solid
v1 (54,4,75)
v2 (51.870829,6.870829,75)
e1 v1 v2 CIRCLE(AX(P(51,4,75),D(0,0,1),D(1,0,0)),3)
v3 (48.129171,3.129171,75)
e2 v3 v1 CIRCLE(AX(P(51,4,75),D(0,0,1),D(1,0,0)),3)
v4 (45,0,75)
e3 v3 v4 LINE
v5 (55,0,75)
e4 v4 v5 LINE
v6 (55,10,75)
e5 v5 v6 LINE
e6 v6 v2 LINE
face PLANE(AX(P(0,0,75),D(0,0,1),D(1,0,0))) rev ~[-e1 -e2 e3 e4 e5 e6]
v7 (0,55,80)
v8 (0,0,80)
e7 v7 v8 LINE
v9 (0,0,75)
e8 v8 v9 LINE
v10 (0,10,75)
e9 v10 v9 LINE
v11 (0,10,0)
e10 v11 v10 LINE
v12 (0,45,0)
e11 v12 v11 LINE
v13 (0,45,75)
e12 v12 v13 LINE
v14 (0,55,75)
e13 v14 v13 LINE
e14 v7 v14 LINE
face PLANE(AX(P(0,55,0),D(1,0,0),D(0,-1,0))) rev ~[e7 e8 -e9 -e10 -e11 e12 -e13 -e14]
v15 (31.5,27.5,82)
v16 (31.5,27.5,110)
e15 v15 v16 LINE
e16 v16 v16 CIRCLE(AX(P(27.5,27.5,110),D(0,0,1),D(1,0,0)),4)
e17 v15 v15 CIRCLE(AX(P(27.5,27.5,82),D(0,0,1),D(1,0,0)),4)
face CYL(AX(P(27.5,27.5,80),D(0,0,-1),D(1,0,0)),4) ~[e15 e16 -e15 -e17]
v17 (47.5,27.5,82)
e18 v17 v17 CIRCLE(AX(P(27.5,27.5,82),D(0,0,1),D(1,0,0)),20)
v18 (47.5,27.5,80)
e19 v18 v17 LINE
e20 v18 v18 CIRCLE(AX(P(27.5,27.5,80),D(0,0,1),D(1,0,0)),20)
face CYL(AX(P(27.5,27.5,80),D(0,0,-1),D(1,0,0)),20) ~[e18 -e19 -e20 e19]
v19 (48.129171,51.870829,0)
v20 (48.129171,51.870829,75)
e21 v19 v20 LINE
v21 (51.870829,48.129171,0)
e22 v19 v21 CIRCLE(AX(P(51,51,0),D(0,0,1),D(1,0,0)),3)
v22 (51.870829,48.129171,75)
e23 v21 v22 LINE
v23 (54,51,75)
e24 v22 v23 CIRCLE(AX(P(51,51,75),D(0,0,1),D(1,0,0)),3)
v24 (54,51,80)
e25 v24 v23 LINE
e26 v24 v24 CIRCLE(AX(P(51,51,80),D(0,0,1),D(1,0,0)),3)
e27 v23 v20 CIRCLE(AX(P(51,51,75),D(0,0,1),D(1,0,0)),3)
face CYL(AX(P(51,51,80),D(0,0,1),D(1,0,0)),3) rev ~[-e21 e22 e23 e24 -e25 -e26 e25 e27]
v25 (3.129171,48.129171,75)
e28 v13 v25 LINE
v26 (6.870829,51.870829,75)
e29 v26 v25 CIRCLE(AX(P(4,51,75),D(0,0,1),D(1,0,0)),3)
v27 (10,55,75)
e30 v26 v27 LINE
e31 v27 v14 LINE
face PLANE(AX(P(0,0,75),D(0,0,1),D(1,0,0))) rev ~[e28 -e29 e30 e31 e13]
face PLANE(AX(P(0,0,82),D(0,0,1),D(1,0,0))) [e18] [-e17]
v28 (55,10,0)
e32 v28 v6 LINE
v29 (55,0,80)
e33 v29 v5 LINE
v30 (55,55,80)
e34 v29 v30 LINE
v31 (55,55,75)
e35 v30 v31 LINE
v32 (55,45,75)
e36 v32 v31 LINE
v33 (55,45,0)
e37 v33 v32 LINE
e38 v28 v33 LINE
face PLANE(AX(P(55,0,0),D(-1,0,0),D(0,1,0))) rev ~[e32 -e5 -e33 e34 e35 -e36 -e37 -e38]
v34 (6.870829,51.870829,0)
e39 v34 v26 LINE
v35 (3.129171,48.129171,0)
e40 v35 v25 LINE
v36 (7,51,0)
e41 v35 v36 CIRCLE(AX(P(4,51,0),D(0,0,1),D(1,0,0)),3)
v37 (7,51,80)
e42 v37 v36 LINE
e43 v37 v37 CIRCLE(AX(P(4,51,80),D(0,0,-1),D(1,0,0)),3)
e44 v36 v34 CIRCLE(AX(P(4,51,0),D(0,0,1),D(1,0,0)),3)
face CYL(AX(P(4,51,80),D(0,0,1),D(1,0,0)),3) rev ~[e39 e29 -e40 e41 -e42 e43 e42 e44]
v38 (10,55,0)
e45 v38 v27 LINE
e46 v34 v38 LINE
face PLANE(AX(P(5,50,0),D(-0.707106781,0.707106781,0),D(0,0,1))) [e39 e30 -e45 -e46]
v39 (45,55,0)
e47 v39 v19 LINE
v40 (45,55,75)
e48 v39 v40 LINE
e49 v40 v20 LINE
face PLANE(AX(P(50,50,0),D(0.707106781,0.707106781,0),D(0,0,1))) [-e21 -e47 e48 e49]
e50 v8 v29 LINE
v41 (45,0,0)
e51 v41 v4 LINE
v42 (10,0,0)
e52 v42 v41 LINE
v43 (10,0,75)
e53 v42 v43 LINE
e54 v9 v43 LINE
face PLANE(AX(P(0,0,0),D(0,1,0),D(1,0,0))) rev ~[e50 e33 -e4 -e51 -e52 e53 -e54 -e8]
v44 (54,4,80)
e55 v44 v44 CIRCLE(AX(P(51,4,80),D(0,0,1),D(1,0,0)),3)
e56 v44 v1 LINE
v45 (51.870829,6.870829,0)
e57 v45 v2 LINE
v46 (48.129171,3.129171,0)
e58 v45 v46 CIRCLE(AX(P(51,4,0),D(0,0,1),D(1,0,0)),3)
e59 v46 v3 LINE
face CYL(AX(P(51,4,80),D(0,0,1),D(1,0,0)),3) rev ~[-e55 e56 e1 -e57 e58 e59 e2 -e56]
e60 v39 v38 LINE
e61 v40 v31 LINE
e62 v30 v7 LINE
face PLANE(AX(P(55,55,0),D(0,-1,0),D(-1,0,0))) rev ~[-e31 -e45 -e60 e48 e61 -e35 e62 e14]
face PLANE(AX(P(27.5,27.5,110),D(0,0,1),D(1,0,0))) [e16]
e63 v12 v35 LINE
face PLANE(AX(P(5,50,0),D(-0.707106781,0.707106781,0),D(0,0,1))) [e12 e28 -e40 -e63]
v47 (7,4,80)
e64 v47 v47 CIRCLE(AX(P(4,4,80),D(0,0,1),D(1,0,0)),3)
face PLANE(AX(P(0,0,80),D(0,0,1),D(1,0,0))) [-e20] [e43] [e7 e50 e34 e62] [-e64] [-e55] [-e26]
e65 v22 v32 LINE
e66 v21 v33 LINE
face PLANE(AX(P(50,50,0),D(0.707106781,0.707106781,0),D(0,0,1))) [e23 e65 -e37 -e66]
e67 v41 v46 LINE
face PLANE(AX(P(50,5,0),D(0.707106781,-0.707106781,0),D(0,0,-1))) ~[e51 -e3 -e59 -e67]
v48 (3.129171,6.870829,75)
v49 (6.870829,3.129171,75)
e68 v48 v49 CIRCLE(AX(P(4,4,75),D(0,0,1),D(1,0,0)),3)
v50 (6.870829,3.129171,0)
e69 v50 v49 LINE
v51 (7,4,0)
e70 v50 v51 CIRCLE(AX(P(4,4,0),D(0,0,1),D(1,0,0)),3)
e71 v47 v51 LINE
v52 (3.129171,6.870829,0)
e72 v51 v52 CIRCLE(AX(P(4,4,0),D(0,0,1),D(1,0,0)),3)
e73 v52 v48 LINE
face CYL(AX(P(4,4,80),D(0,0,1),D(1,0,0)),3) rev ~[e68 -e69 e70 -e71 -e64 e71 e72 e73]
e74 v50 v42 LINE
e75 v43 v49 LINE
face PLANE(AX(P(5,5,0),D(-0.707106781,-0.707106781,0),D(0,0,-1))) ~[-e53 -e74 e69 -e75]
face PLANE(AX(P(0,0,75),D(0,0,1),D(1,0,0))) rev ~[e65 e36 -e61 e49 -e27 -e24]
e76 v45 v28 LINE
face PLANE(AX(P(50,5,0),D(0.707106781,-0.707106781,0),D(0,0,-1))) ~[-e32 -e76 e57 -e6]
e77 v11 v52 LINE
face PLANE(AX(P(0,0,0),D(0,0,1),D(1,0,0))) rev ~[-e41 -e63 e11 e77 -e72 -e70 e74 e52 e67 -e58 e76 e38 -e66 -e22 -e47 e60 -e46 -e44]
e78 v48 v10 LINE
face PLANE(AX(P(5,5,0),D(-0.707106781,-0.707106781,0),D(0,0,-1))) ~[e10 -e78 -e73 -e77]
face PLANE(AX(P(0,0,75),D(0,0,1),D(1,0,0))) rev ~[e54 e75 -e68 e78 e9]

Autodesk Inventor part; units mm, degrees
ref_plane "YZ Plane" through (0, 0, 0) normal (1, 0, 0) x (0, 1, 0)
ref_plane "XZ Plane" through (0, 0, 0) normal (0, 1, 0) x (-1, 0, 0)
ref_plane "XY Plane" through (0, 0, 0) normal (0, 0, 1) x (1, 0, 0)
sketch "Sketch1" plane through (0, 0, 0) normal (0, 0, 1) x (1, 0, 0)
  line L0 (0, 0) -> (55, 0)
  line L1 (55, 0) -> (55, 55)
  line L2 (55, 55) -> (0, 55)
  line L3 (0, 55) -> (0, 0)
  dimension "d0" = 55
  dimension "d1" = 55
extrude "Extrusion1" add sketch "Sketch1" along normal blind 80
sketch "Sketch2" plane through (0, 0, 80) normal (0, 0, 1) x (1, 0, 0)
  line L0 (55, 0) -> (55, 55) projected
  line L1 (55, 55) -> (0, 55) projected
  line L2 (0, 55) -> (0, 0) projected
  line L3 (0, 0) -> (55, 0) projected
  circle A0 centre (27.5, 27.5) radius 20
  circle A1 centre (27.5, 27.5) radius 4
  dimension "d7" = 27.5
  dimension "d8" = 27.5
  dimension "d9" = 40
  dimension "d10" = 8
extrude "Extrusion2" add sketch "Sketch2" along normal blind 2 contours A0
sketch "Sketch3" plane through (27.5, 27.5, 80) normal (0, 0, 1) x (1, 0, 0)
  circle A0 centre (0, 0) radius 4 projected
  point P0 (-27.5, -27.5)
extrude "Extrusion3" add sketch "Sketch3" along normal blind 30
chamfer "Chamfer1" distance 10 angle 45 4 edges at (0, 55, 40) (0, 0, 40) (55, 0, 40) (55, 55, 40)
sketch "Sketch4" plane through (0, 0, 80) normal (0, 0, 1) x (1, 0, 0)
  line L0 (45, 55) -> (55, 45) projected
  line L1 (45, 55) -> (10, 55) projected
  line L2 (0, 45) -> (10, 55) projected
  line L3 (0, 45) -> (0, 10) projected
  line L4 (10, 0) -> (0, 10) projected
  line L5 (10, 0) -> (45, 0) projected
  line L6 (55, 10) -> (45, 0) projected
  line L7 (55, 10) -> (55, 45) projected
  circle A0 centre (27.5, 27.5) radius 20 projected
  line L8 (10, 55) -> (0, 55)
  line L9 (0, 55) -> (0, 45)
  line L10 (0, 10) -> (0, 0)
  line L11 (0, 0) -> (10, 0)
  line L12 (45, 0) -> (55, 0)
  line L13 (55, 0) -> (55, 10)
  line L14 (55, 45) -> (55, 55)
  line L15 (45, 55) -> (55, 55)
extrude "Extrusion4" add sketch "Sketch4" against normal blind 5 contours L15 L14 L0 | L2 L9 L8 | L13 L12 L6 | L4 L11 L10
sketch "Sketch5" plane through (0, 0, 80) normal (0, 0, 1) x (1, 0, 0)
  line L0 (0, 45) -> (10, 55) projected
  circle A0 centre (4, 51) radius 3
  line L1 (55, 55) -> (0, 55) projected
  line L2 (0, 55) -> (0, 0) projected
  circle A1 centre (4, 4) radius 3
  circle A2 centre (51, 4) radius 3
  circle A3 centre (51, 51) radius 3
  line L3 (0, 0) -> (55, 0) projected
  line L4 (55, 0) -> (55, 55) projected
  dimension "d20" = 4
  dimension "d21" = 4
  dimension "d22" = 6
  dimension "d23" = 4
  dimension "d24" = 4
  dimension "d25" = 4
  dimension "d26" = 4
  dimension "d27" = 4
  dimension "d28" = 4
extrude "Extrusion5" cut sketch "Sketch5" against normal through all contours A0 L0 | L0 A0 | A1 | A2 | A3
equation "\"d7\" = 0.5 * d1"
equation "\"d8\" = 0.5 * d0"
properties part number "stepper motor base" material "Aluminum"
